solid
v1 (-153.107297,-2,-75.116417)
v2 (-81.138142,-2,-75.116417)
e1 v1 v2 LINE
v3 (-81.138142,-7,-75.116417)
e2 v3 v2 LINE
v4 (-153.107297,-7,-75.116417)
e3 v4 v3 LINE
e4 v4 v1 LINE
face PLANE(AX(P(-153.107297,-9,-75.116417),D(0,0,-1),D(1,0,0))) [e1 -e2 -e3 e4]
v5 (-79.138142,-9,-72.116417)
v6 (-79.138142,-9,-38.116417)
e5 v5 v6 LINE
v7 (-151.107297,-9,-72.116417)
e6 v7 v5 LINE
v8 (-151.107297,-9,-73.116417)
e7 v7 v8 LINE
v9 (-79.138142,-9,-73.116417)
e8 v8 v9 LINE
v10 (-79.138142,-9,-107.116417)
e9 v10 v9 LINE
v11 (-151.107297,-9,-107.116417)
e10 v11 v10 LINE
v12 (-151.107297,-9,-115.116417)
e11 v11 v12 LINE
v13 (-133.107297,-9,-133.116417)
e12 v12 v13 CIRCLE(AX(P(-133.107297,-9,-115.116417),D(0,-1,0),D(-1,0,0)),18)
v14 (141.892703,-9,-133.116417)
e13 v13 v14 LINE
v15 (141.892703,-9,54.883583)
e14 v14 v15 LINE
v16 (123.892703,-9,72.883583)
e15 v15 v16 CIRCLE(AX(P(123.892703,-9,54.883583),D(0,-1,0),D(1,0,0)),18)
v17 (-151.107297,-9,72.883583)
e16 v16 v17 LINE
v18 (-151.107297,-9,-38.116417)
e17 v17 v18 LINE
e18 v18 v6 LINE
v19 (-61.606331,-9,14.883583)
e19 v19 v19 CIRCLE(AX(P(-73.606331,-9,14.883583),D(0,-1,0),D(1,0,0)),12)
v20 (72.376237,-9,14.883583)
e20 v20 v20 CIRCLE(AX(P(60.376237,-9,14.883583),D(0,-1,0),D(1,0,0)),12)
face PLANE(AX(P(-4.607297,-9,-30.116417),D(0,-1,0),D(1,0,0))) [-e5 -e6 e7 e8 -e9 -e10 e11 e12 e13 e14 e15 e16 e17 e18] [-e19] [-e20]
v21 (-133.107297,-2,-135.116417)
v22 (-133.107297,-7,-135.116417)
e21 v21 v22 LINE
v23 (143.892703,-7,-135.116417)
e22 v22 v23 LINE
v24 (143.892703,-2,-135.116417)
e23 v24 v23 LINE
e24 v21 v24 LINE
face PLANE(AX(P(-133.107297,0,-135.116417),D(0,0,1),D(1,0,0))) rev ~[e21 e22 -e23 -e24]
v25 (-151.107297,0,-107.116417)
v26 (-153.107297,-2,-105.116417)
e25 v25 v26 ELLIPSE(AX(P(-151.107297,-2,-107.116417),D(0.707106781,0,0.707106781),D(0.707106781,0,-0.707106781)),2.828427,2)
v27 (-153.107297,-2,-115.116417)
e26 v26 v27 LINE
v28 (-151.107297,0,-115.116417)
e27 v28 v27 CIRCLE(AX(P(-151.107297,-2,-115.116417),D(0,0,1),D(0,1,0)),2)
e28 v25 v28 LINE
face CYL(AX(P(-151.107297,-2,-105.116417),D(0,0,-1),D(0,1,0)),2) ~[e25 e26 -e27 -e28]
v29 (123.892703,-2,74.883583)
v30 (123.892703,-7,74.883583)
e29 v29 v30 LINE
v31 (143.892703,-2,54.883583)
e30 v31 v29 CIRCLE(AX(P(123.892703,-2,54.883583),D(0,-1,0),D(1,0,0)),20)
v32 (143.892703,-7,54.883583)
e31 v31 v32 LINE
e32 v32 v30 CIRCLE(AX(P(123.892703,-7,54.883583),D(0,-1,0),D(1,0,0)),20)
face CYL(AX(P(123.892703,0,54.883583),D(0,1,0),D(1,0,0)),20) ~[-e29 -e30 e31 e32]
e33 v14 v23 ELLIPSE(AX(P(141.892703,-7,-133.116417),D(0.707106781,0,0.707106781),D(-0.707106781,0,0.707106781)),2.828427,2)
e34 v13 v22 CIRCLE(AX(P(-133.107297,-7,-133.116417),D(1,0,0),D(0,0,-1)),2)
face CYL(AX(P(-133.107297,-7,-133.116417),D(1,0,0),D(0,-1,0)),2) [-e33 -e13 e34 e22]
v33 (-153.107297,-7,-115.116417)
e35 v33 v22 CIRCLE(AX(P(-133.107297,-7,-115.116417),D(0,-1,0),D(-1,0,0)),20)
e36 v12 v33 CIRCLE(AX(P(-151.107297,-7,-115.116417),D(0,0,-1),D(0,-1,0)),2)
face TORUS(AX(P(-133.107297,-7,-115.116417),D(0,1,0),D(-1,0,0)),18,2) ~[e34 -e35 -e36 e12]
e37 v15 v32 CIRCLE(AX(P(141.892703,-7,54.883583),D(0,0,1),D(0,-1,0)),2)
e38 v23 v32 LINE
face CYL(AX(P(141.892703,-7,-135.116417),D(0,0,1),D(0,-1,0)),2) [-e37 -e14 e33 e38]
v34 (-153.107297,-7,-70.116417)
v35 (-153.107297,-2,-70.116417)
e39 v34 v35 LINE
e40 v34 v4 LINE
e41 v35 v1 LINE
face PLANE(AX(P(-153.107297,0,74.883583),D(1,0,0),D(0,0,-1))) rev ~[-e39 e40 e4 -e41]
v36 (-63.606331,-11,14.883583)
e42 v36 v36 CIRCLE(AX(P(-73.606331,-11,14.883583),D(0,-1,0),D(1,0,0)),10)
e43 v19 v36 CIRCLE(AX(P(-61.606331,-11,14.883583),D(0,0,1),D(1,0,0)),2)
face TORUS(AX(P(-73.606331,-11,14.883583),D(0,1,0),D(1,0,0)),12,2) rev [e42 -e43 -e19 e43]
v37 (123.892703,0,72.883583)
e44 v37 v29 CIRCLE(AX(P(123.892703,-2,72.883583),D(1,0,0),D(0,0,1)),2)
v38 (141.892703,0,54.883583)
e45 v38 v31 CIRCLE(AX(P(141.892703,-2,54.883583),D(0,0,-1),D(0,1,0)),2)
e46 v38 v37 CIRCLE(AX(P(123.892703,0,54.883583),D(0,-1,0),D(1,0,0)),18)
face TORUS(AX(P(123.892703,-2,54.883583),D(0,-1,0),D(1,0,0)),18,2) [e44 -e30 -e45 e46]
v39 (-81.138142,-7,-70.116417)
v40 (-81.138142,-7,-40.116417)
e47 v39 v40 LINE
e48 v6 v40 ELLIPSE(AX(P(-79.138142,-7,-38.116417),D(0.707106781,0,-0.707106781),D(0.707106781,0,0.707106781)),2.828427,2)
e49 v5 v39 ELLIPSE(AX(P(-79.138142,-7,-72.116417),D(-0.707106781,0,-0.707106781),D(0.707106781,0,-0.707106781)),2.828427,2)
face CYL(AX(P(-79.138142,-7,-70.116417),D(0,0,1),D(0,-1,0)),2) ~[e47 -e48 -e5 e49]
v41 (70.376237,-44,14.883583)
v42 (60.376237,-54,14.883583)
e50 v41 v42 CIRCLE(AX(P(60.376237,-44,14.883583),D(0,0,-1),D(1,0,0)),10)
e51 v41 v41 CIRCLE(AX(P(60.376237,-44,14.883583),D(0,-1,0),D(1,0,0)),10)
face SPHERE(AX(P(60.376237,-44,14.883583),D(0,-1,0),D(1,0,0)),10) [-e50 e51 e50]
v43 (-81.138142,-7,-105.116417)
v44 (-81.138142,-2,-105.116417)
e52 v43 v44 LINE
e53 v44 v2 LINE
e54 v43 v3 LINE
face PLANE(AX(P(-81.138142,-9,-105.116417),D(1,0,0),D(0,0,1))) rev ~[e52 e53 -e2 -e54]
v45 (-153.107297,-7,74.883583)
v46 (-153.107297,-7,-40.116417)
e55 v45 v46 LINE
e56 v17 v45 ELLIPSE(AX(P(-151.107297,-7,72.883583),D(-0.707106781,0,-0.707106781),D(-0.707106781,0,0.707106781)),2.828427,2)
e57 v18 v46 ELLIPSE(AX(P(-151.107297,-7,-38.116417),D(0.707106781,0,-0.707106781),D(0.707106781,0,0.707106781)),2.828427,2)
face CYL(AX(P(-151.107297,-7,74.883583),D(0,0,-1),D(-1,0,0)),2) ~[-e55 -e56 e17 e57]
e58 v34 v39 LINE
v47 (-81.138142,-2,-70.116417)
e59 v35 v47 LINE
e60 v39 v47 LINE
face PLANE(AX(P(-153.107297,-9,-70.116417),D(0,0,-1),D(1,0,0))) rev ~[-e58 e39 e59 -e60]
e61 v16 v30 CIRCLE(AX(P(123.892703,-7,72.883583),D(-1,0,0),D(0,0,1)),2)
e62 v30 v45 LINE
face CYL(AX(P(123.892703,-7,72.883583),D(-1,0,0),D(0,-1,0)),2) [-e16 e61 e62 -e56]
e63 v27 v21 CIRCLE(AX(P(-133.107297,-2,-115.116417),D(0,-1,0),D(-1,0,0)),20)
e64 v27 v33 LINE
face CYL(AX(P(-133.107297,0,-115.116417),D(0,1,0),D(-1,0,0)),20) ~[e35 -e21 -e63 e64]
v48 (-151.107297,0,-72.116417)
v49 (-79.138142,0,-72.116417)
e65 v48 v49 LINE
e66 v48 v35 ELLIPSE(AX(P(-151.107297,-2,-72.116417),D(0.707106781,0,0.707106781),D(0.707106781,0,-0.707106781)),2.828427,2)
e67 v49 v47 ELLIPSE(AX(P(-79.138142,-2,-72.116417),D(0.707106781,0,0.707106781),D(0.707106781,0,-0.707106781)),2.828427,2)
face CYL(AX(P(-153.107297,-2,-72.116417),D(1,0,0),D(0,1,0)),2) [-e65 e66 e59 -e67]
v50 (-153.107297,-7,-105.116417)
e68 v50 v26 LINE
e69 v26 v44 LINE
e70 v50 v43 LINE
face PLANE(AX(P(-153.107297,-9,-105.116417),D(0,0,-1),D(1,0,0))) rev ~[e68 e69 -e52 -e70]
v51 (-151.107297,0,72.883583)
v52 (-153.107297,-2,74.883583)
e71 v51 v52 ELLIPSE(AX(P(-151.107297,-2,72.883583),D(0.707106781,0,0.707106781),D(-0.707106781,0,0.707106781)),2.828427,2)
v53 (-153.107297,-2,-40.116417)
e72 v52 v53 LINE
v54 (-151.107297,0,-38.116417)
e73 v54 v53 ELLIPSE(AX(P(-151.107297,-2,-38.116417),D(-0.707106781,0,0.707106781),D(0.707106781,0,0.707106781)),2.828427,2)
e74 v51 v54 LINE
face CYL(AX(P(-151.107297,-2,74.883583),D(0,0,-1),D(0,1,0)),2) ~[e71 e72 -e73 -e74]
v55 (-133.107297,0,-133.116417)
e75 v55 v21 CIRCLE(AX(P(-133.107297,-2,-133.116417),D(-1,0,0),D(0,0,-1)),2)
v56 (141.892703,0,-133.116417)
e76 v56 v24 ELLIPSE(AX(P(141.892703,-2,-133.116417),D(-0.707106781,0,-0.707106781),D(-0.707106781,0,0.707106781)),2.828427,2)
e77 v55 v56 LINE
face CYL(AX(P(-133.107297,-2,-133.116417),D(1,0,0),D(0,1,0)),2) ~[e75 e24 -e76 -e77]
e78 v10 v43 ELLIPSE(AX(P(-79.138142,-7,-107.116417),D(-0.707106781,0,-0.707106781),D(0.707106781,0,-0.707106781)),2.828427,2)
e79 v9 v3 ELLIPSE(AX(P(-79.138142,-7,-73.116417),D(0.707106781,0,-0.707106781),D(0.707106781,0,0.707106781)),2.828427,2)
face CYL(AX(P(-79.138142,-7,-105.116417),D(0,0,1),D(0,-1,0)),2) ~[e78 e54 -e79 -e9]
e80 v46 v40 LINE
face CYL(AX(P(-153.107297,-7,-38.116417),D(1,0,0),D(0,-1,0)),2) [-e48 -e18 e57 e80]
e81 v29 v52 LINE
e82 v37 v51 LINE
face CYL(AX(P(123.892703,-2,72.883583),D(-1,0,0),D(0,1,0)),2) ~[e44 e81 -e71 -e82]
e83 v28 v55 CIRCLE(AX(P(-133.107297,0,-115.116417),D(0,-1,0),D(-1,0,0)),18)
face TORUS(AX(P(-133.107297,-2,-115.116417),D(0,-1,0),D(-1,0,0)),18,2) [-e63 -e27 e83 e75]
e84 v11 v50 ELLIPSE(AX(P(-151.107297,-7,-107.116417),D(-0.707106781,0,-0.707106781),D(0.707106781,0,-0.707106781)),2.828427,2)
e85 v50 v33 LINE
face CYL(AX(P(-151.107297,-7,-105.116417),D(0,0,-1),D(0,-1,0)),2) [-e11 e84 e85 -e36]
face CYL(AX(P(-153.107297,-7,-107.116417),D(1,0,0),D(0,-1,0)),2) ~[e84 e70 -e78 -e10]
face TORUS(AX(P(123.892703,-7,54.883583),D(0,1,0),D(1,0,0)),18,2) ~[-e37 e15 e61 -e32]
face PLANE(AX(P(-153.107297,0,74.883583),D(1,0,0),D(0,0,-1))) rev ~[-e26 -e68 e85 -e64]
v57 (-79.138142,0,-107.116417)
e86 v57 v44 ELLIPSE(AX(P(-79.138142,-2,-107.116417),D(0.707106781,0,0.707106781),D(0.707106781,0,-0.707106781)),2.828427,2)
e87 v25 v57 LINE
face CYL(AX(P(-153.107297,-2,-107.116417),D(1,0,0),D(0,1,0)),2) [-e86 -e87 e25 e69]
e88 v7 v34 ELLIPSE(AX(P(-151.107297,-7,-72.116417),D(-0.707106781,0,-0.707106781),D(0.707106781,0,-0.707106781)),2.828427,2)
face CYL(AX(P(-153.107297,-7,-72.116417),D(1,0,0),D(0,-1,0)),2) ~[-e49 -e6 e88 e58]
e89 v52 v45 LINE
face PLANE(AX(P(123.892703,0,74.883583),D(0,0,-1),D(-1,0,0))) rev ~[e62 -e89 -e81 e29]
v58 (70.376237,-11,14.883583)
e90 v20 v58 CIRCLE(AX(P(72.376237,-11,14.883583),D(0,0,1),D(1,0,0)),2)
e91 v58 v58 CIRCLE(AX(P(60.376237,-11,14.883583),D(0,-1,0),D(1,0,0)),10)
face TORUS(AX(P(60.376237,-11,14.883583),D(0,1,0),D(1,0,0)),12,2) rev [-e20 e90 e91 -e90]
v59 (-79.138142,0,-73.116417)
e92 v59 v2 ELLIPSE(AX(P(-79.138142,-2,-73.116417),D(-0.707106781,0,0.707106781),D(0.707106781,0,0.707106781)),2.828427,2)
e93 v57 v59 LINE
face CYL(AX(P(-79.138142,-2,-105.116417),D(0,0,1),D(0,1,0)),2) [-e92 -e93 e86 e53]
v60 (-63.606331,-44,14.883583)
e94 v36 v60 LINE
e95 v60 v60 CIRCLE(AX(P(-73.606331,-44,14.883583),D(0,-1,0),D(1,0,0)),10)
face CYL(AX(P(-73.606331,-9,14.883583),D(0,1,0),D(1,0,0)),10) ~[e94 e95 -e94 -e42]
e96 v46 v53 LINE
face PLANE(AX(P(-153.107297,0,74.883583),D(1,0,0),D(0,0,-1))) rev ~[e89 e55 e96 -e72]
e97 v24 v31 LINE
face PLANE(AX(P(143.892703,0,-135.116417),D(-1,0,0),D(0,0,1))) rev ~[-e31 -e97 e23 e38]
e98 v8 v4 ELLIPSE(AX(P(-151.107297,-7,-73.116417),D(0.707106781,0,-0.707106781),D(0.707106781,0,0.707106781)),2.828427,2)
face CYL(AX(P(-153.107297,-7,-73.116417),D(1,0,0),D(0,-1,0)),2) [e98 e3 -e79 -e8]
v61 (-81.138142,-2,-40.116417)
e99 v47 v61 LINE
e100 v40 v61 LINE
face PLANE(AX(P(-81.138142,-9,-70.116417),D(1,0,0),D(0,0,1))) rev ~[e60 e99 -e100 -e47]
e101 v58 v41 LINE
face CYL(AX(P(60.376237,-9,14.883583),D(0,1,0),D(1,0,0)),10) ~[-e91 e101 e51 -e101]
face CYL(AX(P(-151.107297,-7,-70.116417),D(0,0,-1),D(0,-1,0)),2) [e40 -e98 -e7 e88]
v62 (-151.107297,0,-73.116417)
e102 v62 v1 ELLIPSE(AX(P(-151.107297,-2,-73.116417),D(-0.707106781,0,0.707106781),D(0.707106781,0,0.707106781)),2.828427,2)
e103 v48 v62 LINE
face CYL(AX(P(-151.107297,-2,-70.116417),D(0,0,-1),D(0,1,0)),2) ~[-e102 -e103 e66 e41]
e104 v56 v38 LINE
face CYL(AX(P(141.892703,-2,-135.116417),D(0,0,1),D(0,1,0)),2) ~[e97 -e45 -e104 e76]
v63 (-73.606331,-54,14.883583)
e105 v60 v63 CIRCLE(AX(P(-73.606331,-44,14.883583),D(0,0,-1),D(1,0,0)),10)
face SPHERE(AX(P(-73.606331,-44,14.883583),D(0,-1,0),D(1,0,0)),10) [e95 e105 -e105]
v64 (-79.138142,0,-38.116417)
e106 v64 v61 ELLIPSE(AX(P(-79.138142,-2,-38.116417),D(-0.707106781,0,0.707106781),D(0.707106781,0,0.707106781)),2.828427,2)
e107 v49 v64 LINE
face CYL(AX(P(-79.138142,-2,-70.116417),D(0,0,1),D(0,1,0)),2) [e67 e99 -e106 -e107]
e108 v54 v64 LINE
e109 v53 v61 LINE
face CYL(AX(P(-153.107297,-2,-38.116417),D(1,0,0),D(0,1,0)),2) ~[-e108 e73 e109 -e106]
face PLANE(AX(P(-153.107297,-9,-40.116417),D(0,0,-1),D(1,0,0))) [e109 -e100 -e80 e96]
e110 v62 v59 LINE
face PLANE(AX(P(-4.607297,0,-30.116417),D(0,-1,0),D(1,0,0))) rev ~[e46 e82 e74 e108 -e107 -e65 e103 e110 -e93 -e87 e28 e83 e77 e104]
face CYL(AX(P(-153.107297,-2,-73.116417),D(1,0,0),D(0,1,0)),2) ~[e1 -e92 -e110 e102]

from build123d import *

# Parameters (mm, degrees)
F1_DEPTH = 9
F2_R     = 10
F3_DEPTH = 45
F4_W     = 71.969155259
F4_H     = 30
F5_DEPTH = 25
F6_W     = 71.969155259
F6_H     = 30
F7_DEPTH = 25
F8_R     = 2
F9_R     = 2
F10_R    = 10
F11_R    = 10


with BuildPart() as f1:
    # F0 (on Front) → F1 (new body)
    with BuildSketch(Plane.XZ):
        with BuildLine():
            Line((123.8927025199, 74.8835833272), (-153.1072974801, 74.8835833272))
            Line((-153.1072974801, 74.8835833272), (-153.1072974801, -115.1164166728))
            ThreePointArc((-153.1072974801, -115.1164166728), (-147.2494331038, -129.2585522966), (-133.1072974801, -135.1164166728))
            Line((-133.1072974801, -135.1164166728), (143.8927025199, -135.1164166728))
            Line((143.8927025199, -135.1164166728), (143.8927025199, 54.8835833272))
            ThreePointArc((143.8927025199, 54.8835833272), (138.0348381436, 69.0257189509), (123.8927025199, 74.8835833272))
        make_face()
    extrude(amount=F1_DEPTH)

    # F2 (on face) → F3 (join)
    with BuildSketch(Plane.XZ.offset(9)):
        with Locations((60.3762370774, 14.8835833272)):
            Circle(F2_R)
        with Locations((-73.6063314903, 14.8835833272)):
            Circle(F2_R)
    extrude(amount=F3_DEPTH)

    # F4 (on face) → F5 (cut)
    with BuildSketch(Plane.XZ.offset(9)):
        with Locations((-117.1227198506, -90.1164166728)):
            Rectangle(F4_W, F4_H)
    extrude(amount=-F5_DEPTH, mode=Mode.SUBTRACT)

    # F6 (on face) → F7 (cut)
    with BuildSketch(Plane.XZ.offset(9)):
        with Locations((-117.1227198506, -55.1164166728)):
            Rectangle(F6_W, F6_H)
    extrude(amount=-F7_DEPTH, mode=Mode.SUBTRACT)

    # F8
    f8_edges = [f1.edges().sort_by_distance(p)[0] for p in [
        (143.892703, -9, -40.116417),
        (5.392703, -9, -135.116417),
        (-147.249433, -9, -129.258552),
        (-153.107297, -9, -110.116417),
        (-117.12272, -9, -105.116417),
        (-81.138142, -9, -90.116417),
        (-117.12272, -9, -75.116417),
        (-153.107297, -9, -72.616417),
        (-117.12272, -9, -70.116417),
        (-81.138142, -9, -55.116417),
        (-117.12272, -9, -40.116417),
        (-153.107297, -9, 17.383583),
        (-14.607297, -9, 74.883583),
        (138.034838, -9, 69.025719),
        (-83.606331, -9, 14.883583),
        (50.376237, -9, 14.883583),
    ]]
    fillet(f8_edges, radius=F8_R)

    # F9
    f9_edges = [f1.edges().sort_by_distance(p)[0] for p in [
        (143.892703, 0, -40.116417),
        (5.392703, 0, -135.116417),
        (-147.249433, 0, -129.258552),
        (-153.107297, 0, -110.116417),
        (-117.12272, 0, -105.116417),
        (-81.138142, 0, -90.116417),
        (-117.12272, 0, -75.116417),
        (-153.107297, 0, -72.616417),
        (-117.12272, 0, -70.116417),
        (-81.138142, 0, -55.116417),
        (-117.12272, 0, -40.116417),
        (-153.107297, 0, 17.383583),
        (-14.607297, 0, 74.883583),
        (138.034838, 0, 69.025719),
    ]]
    fillet(f9_edges, radius=F9_R)

    # F10
    f10_edges = [f1.edges().sort_by_distance(p)[0] for p in [
        (-83.606331, -54, 14.883583),
    ]]
    fillet(f10_edges, radius=F10_R)

    # F11
    f11_edges = [f1.edges().sort_by_distance(p)[0] for p in [
        (50.376237, -54, 14.883583),
    ]]
    fillet(f11_edges, radius=F11_R)


solid = f1.part
